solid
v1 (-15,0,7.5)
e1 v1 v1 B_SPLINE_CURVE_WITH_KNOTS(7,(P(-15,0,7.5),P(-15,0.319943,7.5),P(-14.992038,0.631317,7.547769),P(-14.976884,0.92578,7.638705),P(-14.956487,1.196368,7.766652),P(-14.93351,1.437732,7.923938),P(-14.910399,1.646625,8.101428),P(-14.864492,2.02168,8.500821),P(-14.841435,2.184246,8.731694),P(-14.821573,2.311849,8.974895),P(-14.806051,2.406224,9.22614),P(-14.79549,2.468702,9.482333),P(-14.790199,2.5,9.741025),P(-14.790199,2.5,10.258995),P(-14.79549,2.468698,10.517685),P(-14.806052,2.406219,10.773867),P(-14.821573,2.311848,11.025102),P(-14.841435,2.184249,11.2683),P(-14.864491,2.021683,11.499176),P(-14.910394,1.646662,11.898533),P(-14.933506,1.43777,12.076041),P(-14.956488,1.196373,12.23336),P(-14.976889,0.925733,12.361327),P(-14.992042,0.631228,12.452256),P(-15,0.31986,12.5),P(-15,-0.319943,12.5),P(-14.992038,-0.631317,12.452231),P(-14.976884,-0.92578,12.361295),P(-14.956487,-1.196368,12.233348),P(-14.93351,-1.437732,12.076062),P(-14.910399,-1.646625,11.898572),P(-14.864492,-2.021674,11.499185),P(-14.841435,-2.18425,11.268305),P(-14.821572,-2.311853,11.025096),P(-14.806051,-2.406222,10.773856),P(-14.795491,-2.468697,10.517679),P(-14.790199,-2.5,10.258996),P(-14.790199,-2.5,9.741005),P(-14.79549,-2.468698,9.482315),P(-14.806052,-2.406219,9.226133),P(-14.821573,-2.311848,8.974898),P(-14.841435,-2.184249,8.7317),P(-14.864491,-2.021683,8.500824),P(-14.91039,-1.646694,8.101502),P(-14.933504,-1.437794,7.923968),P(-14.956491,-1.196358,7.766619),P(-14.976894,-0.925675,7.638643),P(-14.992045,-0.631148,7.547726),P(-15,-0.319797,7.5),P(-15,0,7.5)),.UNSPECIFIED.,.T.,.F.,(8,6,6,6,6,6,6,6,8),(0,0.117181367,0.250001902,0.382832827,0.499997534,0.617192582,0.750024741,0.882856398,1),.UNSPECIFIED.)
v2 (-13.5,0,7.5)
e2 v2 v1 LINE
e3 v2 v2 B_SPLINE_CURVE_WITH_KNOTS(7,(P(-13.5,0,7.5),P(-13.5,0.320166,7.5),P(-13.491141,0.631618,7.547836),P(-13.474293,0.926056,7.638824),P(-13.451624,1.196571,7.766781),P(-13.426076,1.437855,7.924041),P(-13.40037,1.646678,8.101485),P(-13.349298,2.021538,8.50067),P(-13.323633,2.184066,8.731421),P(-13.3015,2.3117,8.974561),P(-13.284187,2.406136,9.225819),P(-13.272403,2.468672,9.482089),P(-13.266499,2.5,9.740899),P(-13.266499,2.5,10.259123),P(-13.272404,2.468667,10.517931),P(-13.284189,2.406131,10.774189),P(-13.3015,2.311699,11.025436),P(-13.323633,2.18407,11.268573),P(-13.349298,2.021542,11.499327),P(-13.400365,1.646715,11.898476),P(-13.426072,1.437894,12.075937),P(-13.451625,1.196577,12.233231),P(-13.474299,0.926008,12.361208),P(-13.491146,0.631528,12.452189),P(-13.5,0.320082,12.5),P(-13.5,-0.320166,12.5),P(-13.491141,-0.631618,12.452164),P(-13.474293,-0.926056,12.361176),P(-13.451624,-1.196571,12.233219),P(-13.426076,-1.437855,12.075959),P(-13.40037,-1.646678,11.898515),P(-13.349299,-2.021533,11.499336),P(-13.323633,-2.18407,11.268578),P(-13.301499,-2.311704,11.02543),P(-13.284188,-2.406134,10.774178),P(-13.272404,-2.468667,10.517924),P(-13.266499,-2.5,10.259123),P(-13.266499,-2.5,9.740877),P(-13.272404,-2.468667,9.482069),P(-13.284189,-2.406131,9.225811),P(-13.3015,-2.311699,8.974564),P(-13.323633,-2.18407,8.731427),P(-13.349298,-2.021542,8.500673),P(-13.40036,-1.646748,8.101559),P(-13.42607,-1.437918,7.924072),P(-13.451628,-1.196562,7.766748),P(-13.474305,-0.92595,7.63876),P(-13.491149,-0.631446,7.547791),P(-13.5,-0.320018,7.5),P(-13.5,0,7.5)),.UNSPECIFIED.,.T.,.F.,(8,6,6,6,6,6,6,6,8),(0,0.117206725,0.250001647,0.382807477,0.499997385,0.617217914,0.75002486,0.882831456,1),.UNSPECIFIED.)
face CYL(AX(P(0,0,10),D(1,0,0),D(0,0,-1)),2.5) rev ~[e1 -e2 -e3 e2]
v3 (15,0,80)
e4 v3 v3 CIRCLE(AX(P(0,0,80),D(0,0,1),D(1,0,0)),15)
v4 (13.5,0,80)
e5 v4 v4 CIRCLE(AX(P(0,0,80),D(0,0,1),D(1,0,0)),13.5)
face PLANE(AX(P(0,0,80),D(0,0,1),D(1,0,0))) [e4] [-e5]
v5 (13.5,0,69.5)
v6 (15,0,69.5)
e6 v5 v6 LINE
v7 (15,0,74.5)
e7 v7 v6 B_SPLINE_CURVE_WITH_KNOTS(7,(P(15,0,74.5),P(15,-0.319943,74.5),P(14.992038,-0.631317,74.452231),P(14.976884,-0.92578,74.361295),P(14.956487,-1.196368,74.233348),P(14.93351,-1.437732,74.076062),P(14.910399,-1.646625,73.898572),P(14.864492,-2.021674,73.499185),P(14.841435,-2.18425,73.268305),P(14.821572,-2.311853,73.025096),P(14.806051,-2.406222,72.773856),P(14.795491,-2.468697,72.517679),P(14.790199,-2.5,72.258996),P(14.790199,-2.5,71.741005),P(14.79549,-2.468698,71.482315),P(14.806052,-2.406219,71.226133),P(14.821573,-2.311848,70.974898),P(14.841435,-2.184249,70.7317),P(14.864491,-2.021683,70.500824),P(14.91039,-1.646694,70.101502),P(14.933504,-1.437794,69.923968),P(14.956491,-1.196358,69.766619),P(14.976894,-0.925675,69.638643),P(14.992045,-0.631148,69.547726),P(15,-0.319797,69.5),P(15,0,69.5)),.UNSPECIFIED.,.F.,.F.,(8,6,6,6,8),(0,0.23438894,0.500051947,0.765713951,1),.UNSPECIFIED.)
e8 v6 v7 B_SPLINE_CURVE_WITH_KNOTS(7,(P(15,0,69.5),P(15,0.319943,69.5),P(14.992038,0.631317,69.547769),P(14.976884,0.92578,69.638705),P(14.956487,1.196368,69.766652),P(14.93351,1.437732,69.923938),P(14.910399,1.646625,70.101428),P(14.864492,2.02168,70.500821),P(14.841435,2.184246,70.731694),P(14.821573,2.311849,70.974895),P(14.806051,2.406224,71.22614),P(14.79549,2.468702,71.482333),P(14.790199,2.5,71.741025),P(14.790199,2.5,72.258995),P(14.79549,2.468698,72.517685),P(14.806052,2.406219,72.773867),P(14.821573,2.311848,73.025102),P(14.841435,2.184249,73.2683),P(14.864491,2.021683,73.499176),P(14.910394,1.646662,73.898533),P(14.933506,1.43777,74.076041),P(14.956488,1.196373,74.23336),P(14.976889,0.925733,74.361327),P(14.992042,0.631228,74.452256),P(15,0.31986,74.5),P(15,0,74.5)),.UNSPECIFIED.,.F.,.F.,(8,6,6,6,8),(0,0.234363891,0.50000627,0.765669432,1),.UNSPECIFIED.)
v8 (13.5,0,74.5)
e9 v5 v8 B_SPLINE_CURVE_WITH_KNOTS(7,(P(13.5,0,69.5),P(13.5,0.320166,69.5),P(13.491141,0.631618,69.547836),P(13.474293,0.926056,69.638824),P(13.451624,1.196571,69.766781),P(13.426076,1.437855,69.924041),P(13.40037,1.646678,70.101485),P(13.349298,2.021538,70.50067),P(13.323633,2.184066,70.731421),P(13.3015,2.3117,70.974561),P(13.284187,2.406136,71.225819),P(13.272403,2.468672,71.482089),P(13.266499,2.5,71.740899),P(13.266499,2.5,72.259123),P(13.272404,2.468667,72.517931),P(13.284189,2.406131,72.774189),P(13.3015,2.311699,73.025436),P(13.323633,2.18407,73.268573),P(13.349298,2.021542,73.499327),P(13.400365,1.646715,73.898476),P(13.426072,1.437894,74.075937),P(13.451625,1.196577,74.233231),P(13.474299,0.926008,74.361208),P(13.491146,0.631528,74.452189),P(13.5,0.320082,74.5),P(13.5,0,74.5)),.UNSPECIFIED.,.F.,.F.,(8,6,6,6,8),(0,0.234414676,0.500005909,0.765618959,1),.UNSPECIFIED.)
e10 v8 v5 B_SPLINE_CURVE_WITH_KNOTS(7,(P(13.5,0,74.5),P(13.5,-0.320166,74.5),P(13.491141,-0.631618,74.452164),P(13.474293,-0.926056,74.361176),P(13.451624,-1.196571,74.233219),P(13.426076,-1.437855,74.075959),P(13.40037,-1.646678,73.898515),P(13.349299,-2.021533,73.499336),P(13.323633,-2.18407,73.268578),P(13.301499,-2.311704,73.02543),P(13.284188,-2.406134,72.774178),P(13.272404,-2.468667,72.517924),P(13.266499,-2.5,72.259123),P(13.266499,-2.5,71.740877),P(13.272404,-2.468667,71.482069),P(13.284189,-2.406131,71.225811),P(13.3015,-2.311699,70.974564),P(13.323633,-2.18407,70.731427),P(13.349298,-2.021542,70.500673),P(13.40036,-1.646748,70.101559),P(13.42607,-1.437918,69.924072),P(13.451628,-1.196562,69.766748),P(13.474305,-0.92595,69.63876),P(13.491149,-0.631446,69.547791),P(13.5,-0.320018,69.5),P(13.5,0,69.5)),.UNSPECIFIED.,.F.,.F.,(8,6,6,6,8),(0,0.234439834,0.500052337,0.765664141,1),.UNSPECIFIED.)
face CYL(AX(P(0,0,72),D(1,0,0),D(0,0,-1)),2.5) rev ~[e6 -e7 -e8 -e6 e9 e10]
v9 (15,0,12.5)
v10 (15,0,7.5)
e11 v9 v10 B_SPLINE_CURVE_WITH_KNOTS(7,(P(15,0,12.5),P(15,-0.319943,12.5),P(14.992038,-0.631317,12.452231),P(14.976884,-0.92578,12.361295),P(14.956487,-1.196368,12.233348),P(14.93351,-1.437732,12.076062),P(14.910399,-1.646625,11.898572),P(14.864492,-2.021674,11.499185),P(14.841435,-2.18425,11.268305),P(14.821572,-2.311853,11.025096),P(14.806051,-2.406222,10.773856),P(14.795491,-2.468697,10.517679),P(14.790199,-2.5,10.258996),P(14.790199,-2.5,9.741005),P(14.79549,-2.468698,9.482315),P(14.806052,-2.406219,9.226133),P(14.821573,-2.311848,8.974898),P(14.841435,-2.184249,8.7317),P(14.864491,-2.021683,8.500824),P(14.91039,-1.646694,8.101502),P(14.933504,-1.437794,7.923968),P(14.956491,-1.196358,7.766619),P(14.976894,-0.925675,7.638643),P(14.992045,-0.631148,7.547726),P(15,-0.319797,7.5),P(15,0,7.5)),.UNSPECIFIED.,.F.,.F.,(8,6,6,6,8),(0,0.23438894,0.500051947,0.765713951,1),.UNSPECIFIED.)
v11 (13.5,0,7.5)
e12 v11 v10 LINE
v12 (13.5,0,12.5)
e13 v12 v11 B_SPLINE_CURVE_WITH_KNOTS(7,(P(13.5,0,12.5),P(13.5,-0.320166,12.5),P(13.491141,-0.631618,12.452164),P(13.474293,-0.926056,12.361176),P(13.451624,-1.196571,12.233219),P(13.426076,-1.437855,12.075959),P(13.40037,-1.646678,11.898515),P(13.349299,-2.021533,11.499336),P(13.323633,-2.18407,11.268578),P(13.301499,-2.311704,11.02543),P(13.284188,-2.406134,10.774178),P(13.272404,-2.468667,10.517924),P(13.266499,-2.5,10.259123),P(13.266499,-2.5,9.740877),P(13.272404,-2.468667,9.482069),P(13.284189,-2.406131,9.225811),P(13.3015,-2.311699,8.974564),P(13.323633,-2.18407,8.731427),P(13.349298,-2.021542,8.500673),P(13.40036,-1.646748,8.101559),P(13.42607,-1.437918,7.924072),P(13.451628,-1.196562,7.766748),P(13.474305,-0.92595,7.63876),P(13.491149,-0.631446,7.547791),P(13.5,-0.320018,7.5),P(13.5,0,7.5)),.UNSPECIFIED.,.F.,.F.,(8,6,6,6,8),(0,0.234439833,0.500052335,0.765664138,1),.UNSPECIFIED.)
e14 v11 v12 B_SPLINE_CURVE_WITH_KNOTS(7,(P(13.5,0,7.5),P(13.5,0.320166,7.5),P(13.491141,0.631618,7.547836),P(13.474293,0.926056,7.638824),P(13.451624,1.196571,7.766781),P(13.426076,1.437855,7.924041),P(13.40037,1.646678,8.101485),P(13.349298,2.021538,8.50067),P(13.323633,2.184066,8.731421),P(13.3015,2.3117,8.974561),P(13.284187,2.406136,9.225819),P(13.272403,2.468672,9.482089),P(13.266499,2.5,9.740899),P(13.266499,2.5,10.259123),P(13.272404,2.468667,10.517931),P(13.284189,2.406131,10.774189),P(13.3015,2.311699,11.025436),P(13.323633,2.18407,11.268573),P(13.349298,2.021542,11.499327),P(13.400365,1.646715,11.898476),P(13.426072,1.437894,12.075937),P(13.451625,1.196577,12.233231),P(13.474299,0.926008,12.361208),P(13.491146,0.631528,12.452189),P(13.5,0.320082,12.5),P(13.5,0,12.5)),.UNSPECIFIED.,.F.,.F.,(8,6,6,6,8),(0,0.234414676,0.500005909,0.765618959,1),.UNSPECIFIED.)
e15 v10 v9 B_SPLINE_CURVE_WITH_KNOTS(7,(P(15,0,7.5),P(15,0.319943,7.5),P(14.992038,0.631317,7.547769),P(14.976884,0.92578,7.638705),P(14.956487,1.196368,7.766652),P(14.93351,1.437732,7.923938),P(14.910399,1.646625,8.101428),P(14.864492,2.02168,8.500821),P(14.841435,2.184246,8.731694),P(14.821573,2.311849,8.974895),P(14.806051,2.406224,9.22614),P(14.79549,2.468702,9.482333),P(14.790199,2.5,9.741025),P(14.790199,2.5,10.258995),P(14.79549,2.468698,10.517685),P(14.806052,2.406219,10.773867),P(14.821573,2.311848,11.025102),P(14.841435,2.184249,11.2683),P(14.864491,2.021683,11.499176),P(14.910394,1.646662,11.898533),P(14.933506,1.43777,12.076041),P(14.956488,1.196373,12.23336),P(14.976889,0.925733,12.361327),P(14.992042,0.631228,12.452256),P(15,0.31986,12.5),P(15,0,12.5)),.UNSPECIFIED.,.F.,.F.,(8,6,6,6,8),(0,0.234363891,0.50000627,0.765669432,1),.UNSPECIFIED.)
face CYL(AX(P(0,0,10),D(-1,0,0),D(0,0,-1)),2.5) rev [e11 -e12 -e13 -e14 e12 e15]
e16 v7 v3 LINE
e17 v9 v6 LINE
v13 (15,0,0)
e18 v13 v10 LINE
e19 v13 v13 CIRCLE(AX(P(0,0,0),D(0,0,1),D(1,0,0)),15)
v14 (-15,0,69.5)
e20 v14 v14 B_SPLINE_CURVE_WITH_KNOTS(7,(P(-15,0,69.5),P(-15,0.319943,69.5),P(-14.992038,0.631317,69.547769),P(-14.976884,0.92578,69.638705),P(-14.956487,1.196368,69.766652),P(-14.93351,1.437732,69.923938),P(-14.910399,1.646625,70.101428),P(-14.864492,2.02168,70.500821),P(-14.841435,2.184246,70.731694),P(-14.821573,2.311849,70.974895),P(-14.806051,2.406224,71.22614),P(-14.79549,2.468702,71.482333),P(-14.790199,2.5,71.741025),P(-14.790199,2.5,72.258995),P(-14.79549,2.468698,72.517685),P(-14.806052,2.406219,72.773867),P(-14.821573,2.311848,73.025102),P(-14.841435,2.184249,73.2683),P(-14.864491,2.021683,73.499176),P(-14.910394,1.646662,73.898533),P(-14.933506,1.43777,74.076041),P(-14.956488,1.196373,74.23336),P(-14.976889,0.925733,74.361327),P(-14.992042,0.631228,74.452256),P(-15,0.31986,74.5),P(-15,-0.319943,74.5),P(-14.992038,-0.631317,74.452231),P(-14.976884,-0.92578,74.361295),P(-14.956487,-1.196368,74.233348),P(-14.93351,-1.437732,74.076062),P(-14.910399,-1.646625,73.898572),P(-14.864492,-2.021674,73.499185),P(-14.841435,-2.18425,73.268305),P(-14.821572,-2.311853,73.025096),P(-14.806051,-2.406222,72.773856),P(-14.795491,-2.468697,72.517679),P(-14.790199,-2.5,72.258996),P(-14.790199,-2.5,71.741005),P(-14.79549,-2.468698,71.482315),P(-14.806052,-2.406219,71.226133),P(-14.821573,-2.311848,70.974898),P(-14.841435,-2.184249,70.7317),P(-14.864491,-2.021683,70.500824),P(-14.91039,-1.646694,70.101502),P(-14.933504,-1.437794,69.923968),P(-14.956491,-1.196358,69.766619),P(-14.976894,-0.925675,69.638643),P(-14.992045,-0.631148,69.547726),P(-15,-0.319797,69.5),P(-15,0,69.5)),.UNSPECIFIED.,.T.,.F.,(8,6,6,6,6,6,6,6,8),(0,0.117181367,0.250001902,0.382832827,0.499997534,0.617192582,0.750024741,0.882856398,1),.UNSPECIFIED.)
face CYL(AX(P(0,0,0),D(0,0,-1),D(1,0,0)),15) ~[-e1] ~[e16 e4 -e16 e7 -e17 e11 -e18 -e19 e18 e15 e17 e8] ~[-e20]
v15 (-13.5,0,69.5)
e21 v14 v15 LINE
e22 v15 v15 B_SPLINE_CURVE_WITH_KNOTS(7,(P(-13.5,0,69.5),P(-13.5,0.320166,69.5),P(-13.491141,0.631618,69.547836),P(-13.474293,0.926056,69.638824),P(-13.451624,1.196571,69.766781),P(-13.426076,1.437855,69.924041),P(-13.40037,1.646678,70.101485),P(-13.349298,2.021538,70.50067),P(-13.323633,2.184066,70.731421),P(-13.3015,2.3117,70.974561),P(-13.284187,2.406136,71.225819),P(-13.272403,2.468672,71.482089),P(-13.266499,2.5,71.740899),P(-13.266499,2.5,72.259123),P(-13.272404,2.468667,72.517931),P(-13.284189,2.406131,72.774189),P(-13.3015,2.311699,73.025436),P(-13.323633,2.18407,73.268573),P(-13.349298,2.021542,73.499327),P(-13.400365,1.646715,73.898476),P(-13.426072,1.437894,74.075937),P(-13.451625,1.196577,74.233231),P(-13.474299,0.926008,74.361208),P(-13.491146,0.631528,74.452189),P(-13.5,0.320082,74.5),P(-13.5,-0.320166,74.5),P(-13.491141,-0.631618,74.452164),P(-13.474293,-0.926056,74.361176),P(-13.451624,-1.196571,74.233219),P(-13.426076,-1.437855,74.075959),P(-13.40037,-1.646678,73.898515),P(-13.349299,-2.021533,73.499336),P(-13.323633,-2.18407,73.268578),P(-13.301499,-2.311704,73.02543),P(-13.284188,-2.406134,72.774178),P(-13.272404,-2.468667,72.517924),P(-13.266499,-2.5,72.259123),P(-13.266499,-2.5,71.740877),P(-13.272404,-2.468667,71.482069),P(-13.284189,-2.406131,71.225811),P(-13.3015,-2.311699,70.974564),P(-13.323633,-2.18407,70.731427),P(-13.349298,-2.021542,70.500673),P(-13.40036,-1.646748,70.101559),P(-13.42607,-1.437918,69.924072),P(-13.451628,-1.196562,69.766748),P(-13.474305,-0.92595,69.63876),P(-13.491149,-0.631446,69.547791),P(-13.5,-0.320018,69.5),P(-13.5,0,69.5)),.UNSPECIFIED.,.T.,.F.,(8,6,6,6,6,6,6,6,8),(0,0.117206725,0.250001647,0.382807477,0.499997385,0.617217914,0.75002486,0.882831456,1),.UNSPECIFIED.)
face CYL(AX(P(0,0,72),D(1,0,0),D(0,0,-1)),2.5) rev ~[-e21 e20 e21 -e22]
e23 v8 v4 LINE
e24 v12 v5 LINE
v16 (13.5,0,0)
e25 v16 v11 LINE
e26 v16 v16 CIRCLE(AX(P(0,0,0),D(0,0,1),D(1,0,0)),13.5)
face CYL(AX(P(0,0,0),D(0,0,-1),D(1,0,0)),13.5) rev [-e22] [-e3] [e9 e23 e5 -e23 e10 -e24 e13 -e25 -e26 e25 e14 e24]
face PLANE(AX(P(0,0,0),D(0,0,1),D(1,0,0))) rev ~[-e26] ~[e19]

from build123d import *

# Parameters (mm, degrees)
SKETCH1_R           = 15
SKETCH1_R_2         = 13.5
BOSS_EXTRUDE1_DEPTH = 80
SKETCH2_R           = 2.5
CUT_EXTRUDE1_DEPTH  = 27


with BuildPart() as part:
    # Sketch1 → Boss-Extrude1 (new body)
    with BuildSketch(Plane.XY):
        Circle(SKETCH1_R)
        Circle(SKETCH1_R_2, mode=Mode.SUBTRACT)
    extrude(amount=BOSS_EXTRUDE1_DEPTH)

    # Sketch2 → Cut-Extrude1 (cut, symmetric)
    with BuildSketch(Plane(origin=(0, 0, 0), x_dir=(0, 0, -1), z_dir=(1, 0, 0))):
        with Locations((-10, 0)):
            Circle(SKETCH2_R)
        with Locations((-72, 0)):
            Circle(SKETCH2_R)
    extrude(amount=CUT_EXTRUDE1_DEPTH, both=True, mode=Mode.SUBTRACT)


solid = part.part
